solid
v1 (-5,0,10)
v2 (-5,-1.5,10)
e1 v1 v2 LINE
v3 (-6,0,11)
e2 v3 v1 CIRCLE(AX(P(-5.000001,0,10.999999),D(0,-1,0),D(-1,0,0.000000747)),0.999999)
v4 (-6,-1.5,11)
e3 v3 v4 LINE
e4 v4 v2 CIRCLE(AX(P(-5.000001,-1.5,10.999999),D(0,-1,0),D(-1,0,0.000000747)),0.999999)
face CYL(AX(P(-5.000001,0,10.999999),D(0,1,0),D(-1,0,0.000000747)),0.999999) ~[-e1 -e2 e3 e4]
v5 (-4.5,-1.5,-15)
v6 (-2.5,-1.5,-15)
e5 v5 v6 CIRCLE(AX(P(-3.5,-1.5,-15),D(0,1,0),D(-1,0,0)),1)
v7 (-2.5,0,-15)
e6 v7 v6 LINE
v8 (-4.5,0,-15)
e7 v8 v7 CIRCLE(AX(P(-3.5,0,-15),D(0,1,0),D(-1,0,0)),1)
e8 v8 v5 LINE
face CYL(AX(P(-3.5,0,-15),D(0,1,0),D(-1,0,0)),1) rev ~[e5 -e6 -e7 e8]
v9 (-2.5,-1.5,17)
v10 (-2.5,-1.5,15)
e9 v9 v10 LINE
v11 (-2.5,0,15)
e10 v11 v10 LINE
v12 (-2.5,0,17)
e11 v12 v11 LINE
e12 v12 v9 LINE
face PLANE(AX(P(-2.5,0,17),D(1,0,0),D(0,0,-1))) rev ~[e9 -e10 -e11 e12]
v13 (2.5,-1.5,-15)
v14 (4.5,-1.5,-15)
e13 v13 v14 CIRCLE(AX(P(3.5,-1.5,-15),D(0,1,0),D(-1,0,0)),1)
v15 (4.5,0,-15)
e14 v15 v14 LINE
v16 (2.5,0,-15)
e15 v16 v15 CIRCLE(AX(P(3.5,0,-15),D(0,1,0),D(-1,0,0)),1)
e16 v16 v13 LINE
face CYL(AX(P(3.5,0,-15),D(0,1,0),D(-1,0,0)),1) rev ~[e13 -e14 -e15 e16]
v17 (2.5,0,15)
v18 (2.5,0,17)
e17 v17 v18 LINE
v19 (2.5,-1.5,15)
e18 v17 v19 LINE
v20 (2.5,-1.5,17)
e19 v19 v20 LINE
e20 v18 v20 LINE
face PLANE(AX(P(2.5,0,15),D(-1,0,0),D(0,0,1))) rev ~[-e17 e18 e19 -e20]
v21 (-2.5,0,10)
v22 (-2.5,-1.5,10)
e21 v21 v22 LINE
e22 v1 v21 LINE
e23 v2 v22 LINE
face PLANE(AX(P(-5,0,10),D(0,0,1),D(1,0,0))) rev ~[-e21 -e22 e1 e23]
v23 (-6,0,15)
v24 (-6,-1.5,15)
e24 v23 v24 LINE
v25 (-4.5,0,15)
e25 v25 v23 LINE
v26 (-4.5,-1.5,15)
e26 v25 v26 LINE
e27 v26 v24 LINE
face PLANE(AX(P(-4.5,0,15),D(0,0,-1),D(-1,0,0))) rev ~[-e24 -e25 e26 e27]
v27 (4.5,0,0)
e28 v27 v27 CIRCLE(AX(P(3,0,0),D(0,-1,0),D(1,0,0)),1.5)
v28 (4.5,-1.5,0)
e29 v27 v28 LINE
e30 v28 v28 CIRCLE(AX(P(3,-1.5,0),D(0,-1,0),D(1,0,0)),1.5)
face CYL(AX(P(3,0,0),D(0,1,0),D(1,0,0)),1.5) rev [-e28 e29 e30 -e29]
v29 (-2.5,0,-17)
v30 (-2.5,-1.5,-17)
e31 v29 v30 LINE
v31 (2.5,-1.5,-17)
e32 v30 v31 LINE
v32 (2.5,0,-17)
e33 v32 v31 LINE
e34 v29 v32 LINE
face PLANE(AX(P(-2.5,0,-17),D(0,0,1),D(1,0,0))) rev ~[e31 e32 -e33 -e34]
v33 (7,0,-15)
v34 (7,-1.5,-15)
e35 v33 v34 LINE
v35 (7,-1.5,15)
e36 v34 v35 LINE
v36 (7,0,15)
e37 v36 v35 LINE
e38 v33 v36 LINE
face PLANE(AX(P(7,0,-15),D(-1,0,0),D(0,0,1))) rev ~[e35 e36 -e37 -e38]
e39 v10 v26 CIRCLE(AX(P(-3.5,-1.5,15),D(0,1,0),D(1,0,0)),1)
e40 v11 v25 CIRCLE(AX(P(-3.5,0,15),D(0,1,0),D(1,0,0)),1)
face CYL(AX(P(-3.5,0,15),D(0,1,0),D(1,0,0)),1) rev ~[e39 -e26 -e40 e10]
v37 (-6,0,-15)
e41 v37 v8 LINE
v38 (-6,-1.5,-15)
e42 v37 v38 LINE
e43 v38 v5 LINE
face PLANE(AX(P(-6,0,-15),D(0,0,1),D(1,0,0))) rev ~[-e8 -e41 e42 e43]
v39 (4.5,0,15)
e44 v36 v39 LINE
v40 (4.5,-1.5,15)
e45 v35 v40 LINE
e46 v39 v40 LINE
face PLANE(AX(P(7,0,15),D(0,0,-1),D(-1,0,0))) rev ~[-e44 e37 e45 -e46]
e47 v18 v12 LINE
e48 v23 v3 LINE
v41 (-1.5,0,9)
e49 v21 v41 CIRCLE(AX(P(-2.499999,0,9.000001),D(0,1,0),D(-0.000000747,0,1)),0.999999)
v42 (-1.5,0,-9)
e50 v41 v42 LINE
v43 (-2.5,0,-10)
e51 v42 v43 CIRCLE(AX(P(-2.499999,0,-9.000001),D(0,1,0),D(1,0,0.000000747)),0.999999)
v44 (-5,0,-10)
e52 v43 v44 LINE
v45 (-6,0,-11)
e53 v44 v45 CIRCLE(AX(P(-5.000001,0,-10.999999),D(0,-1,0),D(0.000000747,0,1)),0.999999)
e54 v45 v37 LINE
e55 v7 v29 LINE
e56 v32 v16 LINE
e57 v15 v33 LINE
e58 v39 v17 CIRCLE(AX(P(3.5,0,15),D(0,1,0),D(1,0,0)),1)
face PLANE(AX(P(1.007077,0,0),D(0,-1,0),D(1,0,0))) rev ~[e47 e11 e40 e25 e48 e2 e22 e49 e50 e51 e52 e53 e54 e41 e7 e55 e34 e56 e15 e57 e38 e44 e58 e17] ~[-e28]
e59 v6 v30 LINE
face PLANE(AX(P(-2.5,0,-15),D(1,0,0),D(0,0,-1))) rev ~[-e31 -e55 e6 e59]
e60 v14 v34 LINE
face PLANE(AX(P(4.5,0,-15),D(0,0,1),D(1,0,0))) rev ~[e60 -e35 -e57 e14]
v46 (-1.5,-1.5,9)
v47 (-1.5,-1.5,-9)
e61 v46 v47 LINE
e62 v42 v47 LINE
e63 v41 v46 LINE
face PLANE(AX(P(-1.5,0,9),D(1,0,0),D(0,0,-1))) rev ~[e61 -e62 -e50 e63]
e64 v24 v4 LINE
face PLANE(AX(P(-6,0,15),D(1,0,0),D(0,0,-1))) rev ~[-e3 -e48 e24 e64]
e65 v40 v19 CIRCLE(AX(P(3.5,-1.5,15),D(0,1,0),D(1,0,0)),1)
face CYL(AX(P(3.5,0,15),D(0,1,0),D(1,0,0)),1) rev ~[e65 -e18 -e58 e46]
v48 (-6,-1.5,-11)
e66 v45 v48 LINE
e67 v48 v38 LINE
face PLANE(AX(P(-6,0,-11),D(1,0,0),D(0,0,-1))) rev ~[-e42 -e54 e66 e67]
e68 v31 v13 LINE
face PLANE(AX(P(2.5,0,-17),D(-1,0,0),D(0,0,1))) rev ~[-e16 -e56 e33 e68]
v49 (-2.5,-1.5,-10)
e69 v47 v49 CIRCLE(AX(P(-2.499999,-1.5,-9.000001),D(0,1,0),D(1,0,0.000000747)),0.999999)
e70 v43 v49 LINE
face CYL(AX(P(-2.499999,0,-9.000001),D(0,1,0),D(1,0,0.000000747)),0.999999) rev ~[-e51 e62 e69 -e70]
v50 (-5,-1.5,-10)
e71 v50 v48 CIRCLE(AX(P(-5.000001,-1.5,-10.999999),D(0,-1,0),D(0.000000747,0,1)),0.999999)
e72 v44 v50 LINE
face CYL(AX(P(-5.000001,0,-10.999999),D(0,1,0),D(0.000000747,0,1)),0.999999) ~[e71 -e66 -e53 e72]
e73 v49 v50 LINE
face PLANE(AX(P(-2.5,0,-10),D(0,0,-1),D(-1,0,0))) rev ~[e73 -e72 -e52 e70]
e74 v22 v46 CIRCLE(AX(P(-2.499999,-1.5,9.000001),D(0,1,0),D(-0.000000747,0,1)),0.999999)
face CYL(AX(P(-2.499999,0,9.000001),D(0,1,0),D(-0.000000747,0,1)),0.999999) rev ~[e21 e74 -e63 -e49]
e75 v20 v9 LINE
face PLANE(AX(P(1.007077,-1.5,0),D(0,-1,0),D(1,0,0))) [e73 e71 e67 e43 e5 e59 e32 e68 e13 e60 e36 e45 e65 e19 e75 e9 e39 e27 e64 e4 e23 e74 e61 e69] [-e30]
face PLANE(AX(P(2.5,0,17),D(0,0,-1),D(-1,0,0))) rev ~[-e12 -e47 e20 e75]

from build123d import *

# Parameters (mm, degrees)
F0_R     = 1.5
F1_DEPTH = 1.5


with BuildPart() as f1:
    # F0 (on Front) → F1 (new body)
    with BuildSketch(Plane.XZ):
        with BuildLine():
            Line((-4.5, 15), (-6, 15))
            Line((-6, 15), (-6, 11))
            ThreePointArc((-6, 11), (-5.707107, 10.292893), (-5, 10))
            Line((-5, 10), (-2.5, 10))
            ThreePointArc((-2.5, 10), (-1.792893, 9.707107), (-1.5, 9))
            Line((-1.5, 9), (-1.5, -9))
            ThreePointArc((-1.5, -9), (-1.792893, -9.707107), (-2.5, -10))
            Line((-2.5, -10), (-5, -10))
            ThreePointArc((-5, -10), (-5.707107, -10.292893), (-6, -11))
            Line((-6, -11), (-6, -15))
            Line((-6, -15), (-4.5, -15))
            ThreePointArc((-4.5, -15), (-3.5, -14), (-2.5, -15))
            Line((-2.5, -15), (-2.5, -17))
            Line((-2.5, -17), (2.5, -17))
            Line((2.5, -17), (2.5, -15))
            ThreePointArc((2.5, -15), (3.5, -14), (4.5, -15))
            Line((4.5, -15), (7, -15))
            Line((7, -15), (7, 15))
            Line((7, 15), (4.5, 15))
            ThreePointArc((4.5, 15), (3.5, 14), (2.5, 15))
            Line((2.5, 15), (2.5, 17))
            Line((2.5, 17), (-2.5, 17))
            Line((-2.5, 17), (-2.5, 15))
            ThreePointArc((-2.5, 15), (-3.5, 14), (-4.5, 15))
        make_face()
        with Locations((3, 0)):
            Circle(F0_R, mode=Mode.SUBTRACT)
    extrude(amount=F1_DEPTH)


solid = f1.part
